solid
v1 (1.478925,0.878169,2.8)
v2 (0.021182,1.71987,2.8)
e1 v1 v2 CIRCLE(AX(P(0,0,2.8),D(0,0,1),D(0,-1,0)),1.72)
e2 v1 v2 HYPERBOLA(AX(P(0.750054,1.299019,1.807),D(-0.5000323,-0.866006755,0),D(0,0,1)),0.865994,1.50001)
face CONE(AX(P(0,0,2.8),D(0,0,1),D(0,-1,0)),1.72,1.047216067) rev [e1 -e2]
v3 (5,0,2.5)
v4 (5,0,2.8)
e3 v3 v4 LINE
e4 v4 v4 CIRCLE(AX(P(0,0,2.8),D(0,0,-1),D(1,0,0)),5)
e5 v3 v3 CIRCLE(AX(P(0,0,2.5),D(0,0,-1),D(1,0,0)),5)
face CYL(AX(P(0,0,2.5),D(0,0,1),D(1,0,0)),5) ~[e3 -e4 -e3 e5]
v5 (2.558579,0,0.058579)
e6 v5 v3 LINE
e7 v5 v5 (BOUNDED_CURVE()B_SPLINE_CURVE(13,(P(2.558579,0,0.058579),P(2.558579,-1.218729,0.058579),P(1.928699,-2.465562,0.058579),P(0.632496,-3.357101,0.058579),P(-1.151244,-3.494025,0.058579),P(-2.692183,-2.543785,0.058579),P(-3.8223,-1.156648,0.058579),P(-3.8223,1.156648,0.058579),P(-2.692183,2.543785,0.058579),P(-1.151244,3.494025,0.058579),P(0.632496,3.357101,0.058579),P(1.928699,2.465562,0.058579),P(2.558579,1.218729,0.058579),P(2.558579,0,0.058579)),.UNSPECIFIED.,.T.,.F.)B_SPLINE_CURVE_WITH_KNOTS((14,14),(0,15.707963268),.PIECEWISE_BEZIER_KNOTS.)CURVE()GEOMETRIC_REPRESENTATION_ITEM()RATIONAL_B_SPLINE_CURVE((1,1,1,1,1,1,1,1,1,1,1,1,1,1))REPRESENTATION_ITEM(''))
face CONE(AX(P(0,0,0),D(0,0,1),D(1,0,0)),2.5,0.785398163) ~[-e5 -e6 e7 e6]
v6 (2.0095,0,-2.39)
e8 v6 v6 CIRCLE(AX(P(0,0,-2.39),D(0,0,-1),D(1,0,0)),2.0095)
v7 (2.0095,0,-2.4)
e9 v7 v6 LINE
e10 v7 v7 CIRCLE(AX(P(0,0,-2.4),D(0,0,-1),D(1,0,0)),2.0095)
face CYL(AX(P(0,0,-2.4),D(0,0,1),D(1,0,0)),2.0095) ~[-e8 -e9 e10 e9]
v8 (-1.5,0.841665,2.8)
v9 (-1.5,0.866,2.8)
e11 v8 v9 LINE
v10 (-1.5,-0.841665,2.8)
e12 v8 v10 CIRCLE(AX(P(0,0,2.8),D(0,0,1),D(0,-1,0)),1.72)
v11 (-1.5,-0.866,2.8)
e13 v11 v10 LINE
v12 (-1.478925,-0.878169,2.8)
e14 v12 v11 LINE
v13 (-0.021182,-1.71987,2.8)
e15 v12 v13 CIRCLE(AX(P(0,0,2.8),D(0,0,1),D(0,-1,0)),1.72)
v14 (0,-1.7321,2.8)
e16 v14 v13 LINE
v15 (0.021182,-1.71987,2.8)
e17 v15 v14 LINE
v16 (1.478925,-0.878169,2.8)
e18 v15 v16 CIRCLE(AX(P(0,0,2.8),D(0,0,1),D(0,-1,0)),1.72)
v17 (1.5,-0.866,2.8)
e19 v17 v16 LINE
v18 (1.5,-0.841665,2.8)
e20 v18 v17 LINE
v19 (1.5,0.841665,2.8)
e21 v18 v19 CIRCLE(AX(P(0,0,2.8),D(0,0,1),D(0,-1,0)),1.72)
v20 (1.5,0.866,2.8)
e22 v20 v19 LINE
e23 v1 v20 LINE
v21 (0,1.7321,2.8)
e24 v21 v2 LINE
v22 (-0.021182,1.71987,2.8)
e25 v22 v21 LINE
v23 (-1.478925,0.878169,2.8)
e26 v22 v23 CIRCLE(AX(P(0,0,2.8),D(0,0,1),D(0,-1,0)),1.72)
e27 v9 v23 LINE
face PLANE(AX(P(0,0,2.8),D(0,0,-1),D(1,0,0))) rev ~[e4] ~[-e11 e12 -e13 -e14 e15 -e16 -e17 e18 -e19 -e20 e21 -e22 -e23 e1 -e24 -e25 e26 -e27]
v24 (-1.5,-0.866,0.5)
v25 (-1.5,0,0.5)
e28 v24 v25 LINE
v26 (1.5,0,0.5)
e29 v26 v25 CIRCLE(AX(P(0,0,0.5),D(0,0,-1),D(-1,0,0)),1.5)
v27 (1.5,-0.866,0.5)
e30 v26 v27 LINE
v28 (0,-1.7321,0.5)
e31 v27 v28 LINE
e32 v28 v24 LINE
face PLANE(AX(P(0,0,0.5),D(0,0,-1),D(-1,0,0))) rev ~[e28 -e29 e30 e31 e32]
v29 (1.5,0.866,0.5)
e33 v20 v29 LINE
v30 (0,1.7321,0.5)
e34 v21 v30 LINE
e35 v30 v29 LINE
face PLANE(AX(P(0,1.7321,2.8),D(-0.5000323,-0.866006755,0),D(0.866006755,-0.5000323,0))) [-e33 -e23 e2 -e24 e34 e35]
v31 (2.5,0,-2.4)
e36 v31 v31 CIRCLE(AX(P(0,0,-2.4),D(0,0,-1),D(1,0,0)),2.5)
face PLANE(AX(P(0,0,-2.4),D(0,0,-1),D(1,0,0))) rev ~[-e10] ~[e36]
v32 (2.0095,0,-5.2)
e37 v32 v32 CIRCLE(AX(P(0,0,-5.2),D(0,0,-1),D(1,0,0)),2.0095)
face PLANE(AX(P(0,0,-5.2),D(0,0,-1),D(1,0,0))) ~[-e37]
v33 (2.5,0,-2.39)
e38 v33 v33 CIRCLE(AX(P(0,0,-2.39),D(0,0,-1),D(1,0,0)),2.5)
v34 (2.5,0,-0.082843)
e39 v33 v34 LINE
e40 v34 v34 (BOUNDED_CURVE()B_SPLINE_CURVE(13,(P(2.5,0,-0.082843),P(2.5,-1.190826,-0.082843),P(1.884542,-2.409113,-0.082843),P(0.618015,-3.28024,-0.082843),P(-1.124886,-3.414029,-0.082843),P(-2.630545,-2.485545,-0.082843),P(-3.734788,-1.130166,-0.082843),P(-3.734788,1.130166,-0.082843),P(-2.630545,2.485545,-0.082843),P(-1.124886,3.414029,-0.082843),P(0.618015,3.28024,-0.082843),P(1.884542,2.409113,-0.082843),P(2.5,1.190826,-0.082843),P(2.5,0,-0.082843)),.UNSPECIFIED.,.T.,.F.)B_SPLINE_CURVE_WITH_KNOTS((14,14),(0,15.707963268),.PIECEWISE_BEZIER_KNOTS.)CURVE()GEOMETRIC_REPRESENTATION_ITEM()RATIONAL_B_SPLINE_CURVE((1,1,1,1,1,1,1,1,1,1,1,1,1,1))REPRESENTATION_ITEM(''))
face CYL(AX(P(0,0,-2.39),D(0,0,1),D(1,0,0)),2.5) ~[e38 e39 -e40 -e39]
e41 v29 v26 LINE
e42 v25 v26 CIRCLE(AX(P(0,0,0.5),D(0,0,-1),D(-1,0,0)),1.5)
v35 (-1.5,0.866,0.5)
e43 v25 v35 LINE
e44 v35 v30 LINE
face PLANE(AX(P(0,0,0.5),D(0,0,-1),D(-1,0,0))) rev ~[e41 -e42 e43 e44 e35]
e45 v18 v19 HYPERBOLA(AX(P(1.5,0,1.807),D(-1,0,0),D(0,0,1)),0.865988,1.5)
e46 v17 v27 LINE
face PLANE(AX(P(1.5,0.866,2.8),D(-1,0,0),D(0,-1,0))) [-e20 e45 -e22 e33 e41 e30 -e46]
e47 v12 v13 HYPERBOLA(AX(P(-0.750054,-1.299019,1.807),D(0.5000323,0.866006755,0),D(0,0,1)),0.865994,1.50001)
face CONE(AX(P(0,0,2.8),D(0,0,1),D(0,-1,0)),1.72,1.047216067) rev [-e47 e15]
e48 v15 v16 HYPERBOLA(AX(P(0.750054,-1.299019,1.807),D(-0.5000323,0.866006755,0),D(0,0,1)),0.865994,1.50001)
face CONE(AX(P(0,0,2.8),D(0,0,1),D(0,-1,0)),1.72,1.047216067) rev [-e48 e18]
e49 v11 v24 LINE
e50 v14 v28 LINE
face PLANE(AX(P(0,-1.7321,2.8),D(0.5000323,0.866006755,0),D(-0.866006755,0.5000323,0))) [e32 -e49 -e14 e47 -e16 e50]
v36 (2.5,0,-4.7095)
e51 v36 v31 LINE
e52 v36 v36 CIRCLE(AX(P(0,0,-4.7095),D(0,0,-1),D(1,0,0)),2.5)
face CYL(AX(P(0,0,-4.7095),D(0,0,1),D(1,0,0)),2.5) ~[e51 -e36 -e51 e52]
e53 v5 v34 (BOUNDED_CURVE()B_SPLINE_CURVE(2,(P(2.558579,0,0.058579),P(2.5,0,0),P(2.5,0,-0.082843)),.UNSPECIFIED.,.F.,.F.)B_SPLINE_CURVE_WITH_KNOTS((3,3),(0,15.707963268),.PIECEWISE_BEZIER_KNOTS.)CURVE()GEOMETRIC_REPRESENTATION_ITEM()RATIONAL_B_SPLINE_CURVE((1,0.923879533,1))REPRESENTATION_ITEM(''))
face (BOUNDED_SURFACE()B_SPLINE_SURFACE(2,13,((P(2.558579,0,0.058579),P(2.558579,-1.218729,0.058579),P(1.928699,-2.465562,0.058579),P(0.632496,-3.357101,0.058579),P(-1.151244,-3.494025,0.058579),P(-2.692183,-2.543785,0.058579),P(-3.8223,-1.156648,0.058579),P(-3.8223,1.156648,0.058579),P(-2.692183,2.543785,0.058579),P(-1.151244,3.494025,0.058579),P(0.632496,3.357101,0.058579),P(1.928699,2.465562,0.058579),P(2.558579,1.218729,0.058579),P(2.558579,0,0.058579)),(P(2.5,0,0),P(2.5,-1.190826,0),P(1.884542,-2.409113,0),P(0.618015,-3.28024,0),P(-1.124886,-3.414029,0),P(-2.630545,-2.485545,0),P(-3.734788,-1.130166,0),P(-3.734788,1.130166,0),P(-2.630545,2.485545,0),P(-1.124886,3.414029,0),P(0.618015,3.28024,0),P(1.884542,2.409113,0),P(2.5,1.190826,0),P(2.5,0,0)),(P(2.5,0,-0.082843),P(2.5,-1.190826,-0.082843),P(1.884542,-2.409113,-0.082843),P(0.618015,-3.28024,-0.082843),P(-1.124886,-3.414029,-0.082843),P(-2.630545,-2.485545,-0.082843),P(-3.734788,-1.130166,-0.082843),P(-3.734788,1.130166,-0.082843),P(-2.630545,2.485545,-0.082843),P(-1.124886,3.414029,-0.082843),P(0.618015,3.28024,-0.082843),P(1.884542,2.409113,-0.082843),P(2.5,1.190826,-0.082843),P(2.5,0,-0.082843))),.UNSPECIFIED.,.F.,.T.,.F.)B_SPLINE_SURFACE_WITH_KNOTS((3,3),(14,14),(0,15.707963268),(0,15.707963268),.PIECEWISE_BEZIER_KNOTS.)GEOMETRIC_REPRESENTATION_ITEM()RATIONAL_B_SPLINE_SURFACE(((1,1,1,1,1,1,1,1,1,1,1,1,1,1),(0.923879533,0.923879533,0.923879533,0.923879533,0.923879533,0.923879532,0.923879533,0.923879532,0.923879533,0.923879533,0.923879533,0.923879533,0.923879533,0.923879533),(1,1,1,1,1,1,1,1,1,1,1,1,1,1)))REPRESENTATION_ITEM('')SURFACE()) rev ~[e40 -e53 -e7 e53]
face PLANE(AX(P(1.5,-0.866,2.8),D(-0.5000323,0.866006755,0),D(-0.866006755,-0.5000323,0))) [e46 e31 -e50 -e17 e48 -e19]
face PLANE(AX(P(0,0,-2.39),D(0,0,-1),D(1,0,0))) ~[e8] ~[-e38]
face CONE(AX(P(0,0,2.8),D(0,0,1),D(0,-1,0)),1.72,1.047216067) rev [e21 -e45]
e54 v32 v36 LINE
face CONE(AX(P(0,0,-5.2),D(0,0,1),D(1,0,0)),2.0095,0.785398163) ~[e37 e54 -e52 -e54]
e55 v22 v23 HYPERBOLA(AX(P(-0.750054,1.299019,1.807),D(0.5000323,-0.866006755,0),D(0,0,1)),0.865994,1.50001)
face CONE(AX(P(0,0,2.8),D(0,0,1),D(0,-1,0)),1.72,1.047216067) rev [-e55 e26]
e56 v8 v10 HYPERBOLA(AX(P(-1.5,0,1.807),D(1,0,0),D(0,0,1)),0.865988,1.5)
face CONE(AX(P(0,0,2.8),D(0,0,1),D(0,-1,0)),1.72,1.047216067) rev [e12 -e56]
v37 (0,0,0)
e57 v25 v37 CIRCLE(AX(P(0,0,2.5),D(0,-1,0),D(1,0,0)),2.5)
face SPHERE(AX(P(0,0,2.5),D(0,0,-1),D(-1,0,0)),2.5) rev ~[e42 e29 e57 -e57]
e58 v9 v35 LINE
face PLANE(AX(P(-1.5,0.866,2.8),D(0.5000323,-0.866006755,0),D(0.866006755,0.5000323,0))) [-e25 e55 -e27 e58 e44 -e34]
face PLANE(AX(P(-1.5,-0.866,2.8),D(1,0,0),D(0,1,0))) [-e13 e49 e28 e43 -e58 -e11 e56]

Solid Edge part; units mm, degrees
sketch "Sketch1" plane through (0, 0, 0) normal (0, -1, 0) x (1, 0, 0)
  line L0 (2.5, 0) -> (5, 2.5)
  line L1 (5, 2.5) -> (5, 2.8)
  line L2 (5, 2.8) -> (0, 2.8)
  line L3 (0, 2.8) -> (0, -5.2)
  line L4 (0, -5.2) -> (2.0095, -5.2)
  line L5 (2.0095, -5.2) -> (2.5, -4.7095)
  line L6 (2.5, -4.7095) -> (2.5, -2.4)
  line L7 (2.5, -2.4) -> (2.0095, -2.4)
  line L8 (2.0095, -2.4) -> (2.0095, -2.39)
  line L9 (2.0095, -2.39) -> (2.5, -2.39)
  line L10 (2.5, -2.39) -> (2.5, 0)
  dimension "D1" = 8
  dimension "D2" = 5
  dimension "D3" = 2.8
  dimension "D4" = 0.01
  dimension "D5" = 2.0095
  dimension "D6" = 5.2
  dimension "D7" = 0.3
revolve "RevolvedProtrusion1" add sketch "Sketch1" angle 360 about axis through (0, 0, 54) along (0, 0, -1)
sketch "Sketch2" plane through (0, 0, 0) normal (0, -1, 0) x (1, 0, 0)
  arc A0 (-1.5, 0.5) -> (0, 0) centre (0, 2.5) ccw
  line L0 (0, 0.5) -> (0, 0)
  line L1 (-1.5, 0.5) -> (0, 0.5)
  dimension "D1" = 5.7
revolve "RevolvedCutout1" cut sketch "Sketch2" angle 360 about axis through (0, 0, 54) along (0, 0, -1)
sketch "Sketch3" plane through (0, 0, 2.8) normal (0, 0, 1) x (0, -1, 0)
  line L0 (-1.7321, 0) -> (-0.866, 1.5)
  line L1 (-0.866, 1.5) -> (0.866, 1.5)
  line L2 (0.866, 1.5) -> (1.7321, 0)
  line L3 (1.7321, 0) -> (0.866, -1.5)
  line L4 (0.866, -1.5) -> (-0.866, -1.5)
  line L5 (-0.866, -1.5) -> (-1.7321, 0)
  dimension "D1" = 3
extrude "Cutout1" cut sketch "Sketch3" against normal blind 2.3
cosmetic_thread "Thread1" size "M5"
sketch "Sketch4" plane through (0, 0, 0) normal (1, 0, 0) x (0, 1, 0)
  line L0 (-1.72, 2.8) -> (0, 1.807)
revolve "RevolvedCutout2" cut sketch "Sketch4" angle 360 about axis through (0, 0, -57) along (0, 0, 1) material side at (0, -0.835, 2.3468)
fillet "Round1" radius 0.2 1 edges at (-2.5, 0, 0)
properties material "Stahl"
